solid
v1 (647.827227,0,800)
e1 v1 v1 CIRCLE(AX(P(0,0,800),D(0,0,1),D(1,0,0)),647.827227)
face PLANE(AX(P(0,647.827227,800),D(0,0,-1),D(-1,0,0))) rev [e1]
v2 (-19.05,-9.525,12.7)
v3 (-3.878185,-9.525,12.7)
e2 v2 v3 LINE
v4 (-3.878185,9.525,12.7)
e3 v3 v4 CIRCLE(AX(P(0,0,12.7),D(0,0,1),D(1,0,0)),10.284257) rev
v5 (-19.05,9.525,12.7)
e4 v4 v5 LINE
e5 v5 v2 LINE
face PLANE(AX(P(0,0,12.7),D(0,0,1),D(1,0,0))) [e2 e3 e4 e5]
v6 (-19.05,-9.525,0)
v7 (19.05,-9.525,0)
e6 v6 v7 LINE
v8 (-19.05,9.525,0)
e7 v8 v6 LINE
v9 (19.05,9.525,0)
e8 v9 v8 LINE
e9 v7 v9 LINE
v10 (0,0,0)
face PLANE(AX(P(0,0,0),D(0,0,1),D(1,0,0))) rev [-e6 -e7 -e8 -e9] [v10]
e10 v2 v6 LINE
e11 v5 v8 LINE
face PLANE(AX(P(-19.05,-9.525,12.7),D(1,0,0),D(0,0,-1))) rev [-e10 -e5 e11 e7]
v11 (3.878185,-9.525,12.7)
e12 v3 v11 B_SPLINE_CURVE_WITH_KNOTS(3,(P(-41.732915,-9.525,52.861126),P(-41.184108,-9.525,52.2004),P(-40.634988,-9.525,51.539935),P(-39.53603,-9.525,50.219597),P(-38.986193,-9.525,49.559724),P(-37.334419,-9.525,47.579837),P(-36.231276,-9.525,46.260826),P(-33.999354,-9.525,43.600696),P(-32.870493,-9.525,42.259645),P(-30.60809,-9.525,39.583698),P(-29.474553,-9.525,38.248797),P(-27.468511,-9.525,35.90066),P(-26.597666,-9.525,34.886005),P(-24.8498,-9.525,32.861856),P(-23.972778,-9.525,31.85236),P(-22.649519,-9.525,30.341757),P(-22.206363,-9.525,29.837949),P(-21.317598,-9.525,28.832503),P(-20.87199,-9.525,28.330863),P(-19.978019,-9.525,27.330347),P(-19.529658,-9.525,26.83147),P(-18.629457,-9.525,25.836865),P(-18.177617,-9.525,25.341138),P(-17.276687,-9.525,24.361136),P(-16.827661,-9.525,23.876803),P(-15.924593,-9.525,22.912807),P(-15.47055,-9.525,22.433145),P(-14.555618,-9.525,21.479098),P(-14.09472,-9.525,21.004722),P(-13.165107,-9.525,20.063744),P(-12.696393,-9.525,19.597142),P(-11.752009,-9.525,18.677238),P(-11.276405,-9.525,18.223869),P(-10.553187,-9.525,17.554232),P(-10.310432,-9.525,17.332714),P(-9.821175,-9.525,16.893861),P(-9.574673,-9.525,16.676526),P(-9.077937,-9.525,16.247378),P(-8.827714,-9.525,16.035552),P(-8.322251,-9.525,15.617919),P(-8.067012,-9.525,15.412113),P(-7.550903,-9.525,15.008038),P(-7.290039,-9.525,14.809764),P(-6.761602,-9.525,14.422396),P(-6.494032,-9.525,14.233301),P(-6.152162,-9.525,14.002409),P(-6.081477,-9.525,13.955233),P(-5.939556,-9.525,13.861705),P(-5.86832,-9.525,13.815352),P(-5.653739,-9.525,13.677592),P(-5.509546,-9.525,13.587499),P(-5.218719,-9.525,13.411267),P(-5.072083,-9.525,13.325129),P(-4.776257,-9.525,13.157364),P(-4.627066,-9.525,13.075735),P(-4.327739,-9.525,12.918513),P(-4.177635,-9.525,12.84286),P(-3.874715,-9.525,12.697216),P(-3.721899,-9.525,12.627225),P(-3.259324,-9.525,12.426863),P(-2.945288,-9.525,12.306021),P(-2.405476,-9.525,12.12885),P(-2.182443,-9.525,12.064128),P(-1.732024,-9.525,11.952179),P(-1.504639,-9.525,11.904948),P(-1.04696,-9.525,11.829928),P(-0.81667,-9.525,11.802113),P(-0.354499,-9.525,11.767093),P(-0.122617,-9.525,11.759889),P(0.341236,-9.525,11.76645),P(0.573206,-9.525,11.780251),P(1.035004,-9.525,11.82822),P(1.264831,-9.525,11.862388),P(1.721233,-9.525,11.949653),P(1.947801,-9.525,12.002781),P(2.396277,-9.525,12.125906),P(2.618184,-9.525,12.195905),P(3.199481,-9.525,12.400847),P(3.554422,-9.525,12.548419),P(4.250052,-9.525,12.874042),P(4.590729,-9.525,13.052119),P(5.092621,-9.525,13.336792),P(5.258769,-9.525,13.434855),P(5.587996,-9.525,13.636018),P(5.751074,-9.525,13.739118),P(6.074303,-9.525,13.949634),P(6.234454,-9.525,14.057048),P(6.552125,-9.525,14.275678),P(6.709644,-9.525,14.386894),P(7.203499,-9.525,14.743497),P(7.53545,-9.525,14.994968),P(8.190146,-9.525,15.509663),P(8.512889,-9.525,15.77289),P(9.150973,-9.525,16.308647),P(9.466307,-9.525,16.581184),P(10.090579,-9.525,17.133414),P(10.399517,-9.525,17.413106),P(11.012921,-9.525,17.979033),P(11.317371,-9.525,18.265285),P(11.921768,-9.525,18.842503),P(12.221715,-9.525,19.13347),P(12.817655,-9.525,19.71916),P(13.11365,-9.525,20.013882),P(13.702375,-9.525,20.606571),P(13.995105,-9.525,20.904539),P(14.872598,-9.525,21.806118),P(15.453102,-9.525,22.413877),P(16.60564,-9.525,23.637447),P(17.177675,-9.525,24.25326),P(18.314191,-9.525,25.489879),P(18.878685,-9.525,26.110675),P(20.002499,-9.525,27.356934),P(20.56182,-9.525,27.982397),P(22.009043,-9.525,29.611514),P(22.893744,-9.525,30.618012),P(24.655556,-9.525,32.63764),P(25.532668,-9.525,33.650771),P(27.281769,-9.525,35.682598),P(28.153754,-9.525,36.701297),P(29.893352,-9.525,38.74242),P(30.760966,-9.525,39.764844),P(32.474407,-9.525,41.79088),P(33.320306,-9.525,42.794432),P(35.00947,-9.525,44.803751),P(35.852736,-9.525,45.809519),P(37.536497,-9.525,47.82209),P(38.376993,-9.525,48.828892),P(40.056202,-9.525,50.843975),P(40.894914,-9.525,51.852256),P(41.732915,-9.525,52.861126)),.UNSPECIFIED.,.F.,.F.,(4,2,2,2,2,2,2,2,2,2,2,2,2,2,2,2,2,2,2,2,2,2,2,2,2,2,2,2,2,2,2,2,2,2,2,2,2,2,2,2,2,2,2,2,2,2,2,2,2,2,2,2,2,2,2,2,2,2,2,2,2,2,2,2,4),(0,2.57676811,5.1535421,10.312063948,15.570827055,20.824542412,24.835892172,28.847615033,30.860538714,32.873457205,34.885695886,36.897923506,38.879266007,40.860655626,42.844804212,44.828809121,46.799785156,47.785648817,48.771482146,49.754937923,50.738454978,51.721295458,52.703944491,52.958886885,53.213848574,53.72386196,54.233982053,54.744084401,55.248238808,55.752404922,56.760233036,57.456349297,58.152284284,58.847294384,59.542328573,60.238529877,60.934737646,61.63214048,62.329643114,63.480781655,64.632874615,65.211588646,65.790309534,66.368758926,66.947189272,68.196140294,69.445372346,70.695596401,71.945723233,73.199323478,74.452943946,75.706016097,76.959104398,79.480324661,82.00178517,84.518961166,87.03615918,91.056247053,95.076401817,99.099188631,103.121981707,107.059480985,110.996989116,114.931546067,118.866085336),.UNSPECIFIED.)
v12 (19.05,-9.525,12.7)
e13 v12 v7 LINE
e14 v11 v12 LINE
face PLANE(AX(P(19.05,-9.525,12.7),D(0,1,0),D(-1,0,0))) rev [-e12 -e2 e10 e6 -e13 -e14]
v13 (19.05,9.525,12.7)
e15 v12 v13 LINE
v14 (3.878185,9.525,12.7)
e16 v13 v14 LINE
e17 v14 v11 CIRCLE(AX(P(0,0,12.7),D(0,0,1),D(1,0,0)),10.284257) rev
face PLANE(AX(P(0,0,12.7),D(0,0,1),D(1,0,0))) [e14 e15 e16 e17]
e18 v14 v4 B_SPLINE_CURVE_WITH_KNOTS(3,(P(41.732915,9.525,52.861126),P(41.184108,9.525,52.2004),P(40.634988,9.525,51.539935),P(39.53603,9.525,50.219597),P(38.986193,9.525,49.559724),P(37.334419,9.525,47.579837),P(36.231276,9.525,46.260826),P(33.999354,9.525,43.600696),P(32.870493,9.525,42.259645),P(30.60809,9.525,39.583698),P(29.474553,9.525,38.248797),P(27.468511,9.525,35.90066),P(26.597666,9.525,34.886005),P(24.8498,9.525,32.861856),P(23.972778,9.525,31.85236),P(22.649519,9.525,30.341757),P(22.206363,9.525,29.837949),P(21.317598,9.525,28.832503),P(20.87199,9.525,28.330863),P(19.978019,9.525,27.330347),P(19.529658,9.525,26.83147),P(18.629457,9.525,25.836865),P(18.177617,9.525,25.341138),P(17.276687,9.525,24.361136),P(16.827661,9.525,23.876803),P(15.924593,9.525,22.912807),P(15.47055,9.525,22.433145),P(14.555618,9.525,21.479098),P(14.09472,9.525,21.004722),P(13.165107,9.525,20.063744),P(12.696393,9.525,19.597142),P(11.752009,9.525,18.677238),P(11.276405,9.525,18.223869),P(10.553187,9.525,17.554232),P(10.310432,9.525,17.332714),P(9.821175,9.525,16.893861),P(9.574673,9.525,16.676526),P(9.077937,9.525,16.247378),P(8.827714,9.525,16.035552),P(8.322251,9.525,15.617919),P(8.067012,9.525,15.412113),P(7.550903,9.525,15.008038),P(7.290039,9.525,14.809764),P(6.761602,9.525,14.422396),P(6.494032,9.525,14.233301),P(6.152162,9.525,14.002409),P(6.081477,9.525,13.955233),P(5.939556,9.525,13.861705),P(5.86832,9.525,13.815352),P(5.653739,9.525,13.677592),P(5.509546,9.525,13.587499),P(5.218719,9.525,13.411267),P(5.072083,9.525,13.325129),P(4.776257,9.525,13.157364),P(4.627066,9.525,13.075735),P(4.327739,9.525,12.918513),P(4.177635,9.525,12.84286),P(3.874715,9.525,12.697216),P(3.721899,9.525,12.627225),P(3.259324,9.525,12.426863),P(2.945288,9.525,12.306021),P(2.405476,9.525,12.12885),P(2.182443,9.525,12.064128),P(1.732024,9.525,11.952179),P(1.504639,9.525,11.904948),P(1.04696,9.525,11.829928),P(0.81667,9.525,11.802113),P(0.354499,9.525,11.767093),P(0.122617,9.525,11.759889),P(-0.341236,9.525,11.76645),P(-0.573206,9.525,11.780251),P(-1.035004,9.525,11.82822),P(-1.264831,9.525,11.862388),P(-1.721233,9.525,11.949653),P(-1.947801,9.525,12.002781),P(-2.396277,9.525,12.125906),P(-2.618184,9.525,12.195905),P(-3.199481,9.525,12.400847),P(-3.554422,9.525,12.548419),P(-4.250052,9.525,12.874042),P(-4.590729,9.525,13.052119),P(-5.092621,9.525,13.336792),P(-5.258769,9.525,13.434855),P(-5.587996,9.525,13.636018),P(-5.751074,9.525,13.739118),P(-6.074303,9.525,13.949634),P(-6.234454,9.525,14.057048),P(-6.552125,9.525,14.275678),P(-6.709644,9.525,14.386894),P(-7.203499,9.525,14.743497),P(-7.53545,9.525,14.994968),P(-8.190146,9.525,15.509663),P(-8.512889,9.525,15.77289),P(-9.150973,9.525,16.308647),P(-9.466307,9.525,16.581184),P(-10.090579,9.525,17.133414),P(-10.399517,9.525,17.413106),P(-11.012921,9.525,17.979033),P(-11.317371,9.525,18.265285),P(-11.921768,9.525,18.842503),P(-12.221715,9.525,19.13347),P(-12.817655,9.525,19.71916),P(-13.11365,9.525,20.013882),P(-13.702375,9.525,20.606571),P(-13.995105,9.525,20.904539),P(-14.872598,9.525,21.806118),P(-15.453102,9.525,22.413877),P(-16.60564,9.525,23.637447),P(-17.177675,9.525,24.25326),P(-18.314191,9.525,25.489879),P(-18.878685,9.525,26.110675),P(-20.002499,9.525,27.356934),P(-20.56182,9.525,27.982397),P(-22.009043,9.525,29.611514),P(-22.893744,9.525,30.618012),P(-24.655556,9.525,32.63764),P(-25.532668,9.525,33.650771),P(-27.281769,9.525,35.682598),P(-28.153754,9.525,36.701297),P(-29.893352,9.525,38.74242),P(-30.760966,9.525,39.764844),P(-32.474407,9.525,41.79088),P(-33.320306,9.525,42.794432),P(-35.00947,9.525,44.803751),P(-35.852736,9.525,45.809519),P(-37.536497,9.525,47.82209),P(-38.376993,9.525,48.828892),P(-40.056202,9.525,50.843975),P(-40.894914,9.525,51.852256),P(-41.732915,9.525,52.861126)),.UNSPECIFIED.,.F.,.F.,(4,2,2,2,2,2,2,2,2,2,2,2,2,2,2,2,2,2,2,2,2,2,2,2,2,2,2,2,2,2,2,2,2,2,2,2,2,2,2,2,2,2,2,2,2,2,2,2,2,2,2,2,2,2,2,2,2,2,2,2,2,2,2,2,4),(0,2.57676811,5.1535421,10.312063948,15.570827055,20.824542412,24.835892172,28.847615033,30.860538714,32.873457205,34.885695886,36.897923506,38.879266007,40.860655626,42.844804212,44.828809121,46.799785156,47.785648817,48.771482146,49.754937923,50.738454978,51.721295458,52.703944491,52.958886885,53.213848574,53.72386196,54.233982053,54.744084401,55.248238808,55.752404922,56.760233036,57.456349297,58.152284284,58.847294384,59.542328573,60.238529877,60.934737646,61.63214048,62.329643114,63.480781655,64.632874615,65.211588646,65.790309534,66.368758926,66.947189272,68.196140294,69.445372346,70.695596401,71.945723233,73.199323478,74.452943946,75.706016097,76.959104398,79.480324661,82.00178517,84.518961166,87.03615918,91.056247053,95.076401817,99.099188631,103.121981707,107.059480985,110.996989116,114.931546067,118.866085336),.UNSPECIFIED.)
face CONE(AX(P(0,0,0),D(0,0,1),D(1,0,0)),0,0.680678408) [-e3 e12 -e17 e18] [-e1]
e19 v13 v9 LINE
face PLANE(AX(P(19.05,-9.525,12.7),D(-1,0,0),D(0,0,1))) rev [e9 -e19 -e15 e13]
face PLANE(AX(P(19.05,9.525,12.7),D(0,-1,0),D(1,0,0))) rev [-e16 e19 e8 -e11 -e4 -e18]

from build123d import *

# Parameters (mm, degrees)
SKETCH1_W           = 38.1
SKETCH1_H           = 19.05
BOSS_EXTRUDE1_DEPTH = 12.7


with BuildPart() as part:
    # Sketch1 → Boss-Extrude1 (new body)
    with BuildSketch(Plane.XY):
        Rectangle(SKETCH1_W, SKETCH1_H)
    extrude(amount=BOSS_EXTRUDE1_DEPTH)

    # Sketch2 → Revolve1 (revolve)
    with BuildSketch(Plane(origin=(0, 0, 0), x_dir=(0, 0, -1), z_dir=(1, 0, 0))):
        Polygon((0, 0), (-800, 647.827226556), (-800, 0), align=None)
    revolve(axis=Axis((0, 0, 800), (0, 0, -1)))


solid = part.part
